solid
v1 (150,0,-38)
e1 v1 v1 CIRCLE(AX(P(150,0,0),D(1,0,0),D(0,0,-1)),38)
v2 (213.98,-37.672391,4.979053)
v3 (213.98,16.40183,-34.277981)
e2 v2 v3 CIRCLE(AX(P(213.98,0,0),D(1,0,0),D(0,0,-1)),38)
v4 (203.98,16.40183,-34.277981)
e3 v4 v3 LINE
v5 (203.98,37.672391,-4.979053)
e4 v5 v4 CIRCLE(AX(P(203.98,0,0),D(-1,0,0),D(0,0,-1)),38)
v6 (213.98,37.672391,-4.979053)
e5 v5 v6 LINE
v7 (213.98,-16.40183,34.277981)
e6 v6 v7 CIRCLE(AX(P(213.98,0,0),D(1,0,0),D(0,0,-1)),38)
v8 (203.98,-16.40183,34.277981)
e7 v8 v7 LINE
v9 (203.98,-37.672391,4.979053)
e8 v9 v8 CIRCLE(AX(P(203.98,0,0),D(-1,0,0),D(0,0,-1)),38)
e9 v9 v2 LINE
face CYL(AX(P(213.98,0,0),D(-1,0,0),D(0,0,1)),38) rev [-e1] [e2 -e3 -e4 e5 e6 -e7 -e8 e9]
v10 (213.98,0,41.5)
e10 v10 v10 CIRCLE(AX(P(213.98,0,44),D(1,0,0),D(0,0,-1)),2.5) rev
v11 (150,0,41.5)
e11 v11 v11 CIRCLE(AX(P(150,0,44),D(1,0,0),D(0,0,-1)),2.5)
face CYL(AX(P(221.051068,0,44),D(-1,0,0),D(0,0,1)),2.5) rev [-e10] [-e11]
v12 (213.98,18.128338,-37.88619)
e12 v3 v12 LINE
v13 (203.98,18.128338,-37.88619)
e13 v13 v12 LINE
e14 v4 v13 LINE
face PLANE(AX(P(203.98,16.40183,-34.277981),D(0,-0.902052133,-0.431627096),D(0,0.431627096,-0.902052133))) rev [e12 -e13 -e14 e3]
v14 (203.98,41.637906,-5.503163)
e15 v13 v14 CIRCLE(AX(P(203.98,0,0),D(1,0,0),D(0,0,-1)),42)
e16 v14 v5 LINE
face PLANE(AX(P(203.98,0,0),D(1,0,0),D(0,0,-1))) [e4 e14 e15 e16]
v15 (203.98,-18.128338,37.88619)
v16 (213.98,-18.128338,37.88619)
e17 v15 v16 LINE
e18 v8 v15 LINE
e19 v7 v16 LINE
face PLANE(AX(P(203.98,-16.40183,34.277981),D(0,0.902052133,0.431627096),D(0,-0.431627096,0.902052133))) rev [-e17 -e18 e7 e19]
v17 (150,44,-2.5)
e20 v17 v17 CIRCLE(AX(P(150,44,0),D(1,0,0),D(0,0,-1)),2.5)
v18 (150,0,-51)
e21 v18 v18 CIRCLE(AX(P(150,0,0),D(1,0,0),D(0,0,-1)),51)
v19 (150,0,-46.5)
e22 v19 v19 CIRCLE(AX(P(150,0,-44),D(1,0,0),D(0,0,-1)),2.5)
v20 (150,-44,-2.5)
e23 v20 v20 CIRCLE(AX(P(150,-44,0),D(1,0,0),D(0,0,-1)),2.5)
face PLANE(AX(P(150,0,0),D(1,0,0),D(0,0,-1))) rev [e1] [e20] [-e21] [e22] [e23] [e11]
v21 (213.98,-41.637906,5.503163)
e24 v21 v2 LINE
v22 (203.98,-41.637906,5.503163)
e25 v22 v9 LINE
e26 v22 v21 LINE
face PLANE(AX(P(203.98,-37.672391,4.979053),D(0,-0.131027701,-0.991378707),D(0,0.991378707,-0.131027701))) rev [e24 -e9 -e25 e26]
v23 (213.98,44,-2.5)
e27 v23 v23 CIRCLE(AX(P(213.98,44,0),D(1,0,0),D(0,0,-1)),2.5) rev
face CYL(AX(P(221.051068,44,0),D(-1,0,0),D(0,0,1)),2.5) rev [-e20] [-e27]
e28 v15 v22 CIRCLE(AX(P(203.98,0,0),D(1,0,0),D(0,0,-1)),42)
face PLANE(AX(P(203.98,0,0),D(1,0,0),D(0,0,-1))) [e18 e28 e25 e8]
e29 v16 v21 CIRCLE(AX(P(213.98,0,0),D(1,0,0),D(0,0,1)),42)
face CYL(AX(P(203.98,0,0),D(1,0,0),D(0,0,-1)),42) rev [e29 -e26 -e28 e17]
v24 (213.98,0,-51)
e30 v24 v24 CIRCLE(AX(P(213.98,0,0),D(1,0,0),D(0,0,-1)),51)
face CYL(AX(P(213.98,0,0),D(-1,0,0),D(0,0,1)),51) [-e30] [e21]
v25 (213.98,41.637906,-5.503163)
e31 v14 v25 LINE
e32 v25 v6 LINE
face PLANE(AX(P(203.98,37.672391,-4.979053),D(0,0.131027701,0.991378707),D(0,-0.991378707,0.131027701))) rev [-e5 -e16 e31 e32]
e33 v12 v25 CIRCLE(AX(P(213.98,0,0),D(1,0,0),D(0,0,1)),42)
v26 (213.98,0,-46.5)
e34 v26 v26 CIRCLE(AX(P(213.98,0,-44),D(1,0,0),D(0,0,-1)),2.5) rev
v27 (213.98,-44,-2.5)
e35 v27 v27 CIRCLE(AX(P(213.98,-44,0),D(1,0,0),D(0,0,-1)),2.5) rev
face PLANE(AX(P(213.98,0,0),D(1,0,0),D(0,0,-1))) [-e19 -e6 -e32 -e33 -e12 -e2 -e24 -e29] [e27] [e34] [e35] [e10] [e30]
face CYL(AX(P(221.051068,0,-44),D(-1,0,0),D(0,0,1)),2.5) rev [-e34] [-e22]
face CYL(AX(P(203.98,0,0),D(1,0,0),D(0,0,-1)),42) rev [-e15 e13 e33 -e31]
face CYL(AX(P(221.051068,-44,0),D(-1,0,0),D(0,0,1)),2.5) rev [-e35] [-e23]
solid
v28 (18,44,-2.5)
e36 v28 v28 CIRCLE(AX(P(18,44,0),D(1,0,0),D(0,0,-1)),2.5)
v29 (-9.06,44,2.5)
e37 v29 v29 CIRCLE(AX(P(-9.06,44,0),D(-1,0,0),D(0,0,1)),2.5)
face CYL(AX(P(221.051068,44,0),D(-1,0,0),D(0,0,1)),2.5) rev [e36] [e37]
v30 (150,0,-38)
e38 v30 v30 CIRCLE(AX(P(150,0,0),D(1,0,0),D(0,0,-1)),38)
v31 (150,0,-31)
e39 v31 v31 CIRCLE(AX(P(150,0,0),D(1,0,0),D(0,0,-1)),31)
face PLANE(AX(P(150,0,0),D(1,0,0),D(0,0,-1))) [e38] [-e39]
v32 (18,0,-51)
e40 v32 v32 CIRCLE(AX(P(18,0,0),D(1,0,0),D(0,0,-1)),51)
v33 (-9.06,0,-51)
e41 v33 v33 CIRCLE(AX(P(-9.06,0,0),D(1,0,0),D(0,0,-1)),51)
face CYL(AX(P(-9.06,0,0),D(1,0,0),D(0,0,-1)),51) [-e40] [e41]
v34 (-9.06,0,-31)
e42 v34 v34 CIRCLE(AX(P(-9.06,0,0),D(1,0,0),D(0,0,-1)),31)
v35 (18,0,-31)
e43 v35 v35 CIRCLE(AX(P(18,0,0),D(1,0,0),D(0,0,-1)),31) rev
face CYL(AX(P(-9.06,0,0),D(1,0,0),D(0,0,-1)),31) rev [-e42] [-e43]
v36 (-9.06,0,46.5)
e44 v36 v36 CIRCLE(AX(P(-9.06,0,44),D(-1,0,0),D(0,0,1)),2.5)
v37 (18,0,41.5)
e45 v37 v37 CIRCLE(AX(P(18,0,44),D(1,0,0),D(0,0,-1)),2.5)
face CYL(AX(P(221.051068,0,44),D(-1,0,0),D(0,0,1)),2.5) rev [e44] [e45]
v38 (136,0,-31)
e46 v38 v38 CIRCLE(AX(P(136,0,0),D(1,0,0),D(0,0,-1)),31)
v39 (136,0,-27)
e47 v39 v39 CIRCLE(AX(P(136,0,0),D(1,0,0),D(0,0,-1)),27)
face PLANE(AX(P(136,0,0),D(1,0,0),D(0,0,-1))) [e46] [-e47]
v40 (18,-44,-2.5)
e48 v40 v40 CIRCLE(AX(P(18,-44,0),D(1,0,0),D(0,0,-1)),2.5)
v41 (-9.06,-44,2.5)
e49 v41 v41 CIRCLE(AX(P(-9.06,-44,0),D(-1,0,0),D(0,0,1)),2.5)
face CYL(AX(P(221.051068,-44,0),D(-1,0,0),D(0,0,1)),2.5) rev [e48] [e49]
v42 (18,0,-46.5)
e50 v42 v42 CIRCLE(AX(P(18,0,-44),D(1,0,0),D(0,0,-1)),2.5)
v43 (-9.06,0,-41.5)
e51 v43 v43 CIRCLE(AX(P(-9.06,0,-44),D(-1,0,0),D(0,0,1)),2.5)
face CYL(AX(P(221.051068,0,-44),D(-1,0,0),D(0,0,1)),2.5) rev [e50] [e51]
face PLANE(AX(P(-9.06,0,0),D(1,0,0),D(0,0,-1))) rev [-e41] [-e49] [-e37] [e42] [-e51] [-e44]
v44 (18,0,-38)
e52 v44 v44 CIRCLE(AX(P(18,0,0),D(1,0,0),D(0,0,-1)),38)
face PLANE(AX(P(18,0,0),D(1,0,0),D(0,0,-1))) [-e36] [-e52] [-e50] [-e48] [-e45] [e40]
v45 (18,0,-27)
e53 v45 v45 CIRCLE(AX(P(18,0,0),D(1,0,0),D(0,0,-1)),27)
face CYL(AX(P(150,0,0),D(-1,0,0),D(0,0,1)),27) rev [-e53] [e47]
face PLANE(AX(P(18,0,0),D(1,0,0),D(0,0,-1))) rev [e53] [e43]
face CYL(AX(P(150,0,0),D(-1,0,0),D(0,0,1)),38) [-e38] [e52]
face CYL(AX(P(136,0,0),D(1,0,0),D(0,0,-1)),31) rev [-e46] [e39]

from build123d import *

# Parameters (mm, degrees)
EXTRUDE_1_DEPTH      = 18
EXTRUDE_1_DEPTH_BACK = 9.06
SKETCH_1_R           = 51
SKETCH_1_R_2         = 31
SKETCH_2_R           = 38
SKETCH_2_R_2         = 27
EXTRUDE_2_DEPTH      = 132
SKETCH_3_R           = 51
SKETCH_3_R_2         = 38
EXTRUDE_3_DEPTH      = 63.98
CUT_EXTRUDE_START    = -223.04
SKETCH_4_R           = 2.5
CUT_EXTRUDE_1_DEPTH  = 223.04
CUT_EXTRUDE_START_2  = -10
CUT_EXTRUDE_2_DEPTH  = 10
SKETCH_6_R           = 31
CUT_EXTRUDE_3_DEPTH  = 14


with BuildPart() as part:
    # 草图1 → 凸台-拉伸1 (new, two sides: drawn at the far end of the back side and taken through both)
    with BuildSketch(Plane(origin=(0, 0, 0), x_dir=(0, 0, -1), z_dir=(1, 0, 0)).offset(-EXTRUDE_1_DEPTH_BACK)):
        Circle(SKETCH_1_R)
        Circle(SKETCH_1_R_2, mode=Mode.SUBTRACT)
    extrude(amount=EXTRUDE_1_DEPTH + EXTRUDE_1_DEPTH_BACK)

    # 草图2 → 凸台-拉伸2 (add)
    with BuildSketch(Plane(origin=(18, 0, 0), x_dir=(0, 0, -1), z_dir=(1, 0, 0))):
        Circle(SKETCH_2_R)
        Circle(SKETCH_2_R_2, mode=Mode.SUBTRACT)
    extrude(amount=EXTRUDE_2_DEPTH)


with BuildPart() as body_2:
    # 草图3 → 凸台-拉伸3 (new body)
    with BuildSketch(Plane(origin=(150, 0, 0), x_dir=(0, 0, -1), z_dir=(1, 0, 0))):
        Circle(SKETCH_3_R)
        Circle(SKETCH_3_R_2, mode=Mode.SUBTRACT)
    extrude(amount=EXTRUDE_3_DEPTH)


with BuildPart() as cut_extrude_1_tool:
    # 草图4 → 切除-拉伸1 (new body)
    with BuildSketch(Plane.ZY.offset(9.06).offset(CUT_EXTRUDE_START)):
        with Locations(Location((0, 44, 0), (0, 0, 180))):
            Circle(SKETCH_4_R)
        with Locations(Location((44, 0, 0), (0, 0, 180))):
            Circle(SKETCH_4_R)
        with Locations(Location((0, -44, 0), (0, 0, 180))):
            Circle(SKETCH_4_R)
        with Locations(Location((-44, 0, 0), (0, 0, 180))):
            Circle(SKETCH_4_R)
    extrude(amount=CUT_EXTRUDE_1_DEPTH)


with BuildPart() as part_1:
    add(part.part)

    # 切除-拉伸1: cut by cut_extrude_1_tool
    add(cut_extrude_1_tool.part, mode=Mode.SUBTRACT)

    # 草图6 → 切除-拉伸3 (cut)
    with BuildSketch(Plane(origin=(150, 0, 0), x_dir=(0, 0, -1), z_dir=(1, 0, 0))):
        Circle(SKETCH_6_R)
    extrude(amount=-CUT_EXTRUDE_3_DEPTH, mode=Mode.SUBTRACT)


with BuildPart() as body_2_1:
    add(body_2.part)

    # 切除-拉伸1: cut by cut_extrude_1_tool
    add(cut_extrude_1_tool.part, mode=Mode.SUBTRACT)

    # 草图5 → 切除-拉伸2 (cut)
    with BuildSketch(Plane(origin=(213.98, 0, 0), x_dir=(0, 0, -1), z_dir=(1, 0, 0)).offset(CUT_EXTRUDE_START_2)):
        with BuildLine():
            Line((4.979052634, 37.672390883), (5.503163437, 41.637905713))
            ThreePointArc((5.503163437, 41.637905713), (12.280668917, 40.16447648), (18.723271545, 37.595732506))
            ThreePointArc((18.723271545, 37.595732506), (26.533013809, 32.557628572), (33.043562457, 25.925334717))
            ThreePointArc((33.043562457, 25.925334717), (35.678505016, 22.159518943), (37.886189575, 18.128338023))
            Line((37.886189575, 18.128338023), (34.277981044, 16.40182964))
            ThreePointArc((34.277981044, 16.40182964), (32.280552158, 20.049088568), (29.896556508, 23.45625522))
            ThreePointArc((29.896556508, 23.45625522), (24.006060113, 29.456902041), (16.940102827, 34.015186553))
            ThreePointArc((16.940102827, 34.015186553), (11.111081401, 36.339288244), (4.979052634, 37.672390883))
        make_face()
        with BuildLine():
            Line((-4.979052634, -37.672390883), (-5.503163437, -41.637905713))
            ThreePointArc((-5.503163437, -41.637905713), (-12.280668917, -40.16447648), (-18.723271545, -37.595732506))
            ThreePointArc((-18.723271545, -37.595732506), (-26.533013809, -32.557628572), (-33.043562457, -25.925334717))
            ThreePointArc((-33.043562457, -25.925334717), (-35.678505016, -22.159518943), (-37.886189575, -18.128338023))
            Line((-37.886189575, -18.128338023), (-34.277981044, -16.40182964))
            ThreePointArc((-34.277981044, -16.40182964), (-32.280552158, -20.049088568), (-29.896556508, -23.45625522))
            ThreePointArc((-29.896556508, -23.45625522), (-24.006060113, -29.456902041), (-16.940102827, -34.015186553))
            ThreePointArc((-16.940102827, -34.015186553), (-11.111081401, -36.339288244), (-4.979052634, -37.672390883))
        make_face()
    extrude(amount=CUT_EXTRUDE_2_DEPTH, mode=Mode.SUBTRACT)


solid = Compound([part_1.part, body_2_1.part])
